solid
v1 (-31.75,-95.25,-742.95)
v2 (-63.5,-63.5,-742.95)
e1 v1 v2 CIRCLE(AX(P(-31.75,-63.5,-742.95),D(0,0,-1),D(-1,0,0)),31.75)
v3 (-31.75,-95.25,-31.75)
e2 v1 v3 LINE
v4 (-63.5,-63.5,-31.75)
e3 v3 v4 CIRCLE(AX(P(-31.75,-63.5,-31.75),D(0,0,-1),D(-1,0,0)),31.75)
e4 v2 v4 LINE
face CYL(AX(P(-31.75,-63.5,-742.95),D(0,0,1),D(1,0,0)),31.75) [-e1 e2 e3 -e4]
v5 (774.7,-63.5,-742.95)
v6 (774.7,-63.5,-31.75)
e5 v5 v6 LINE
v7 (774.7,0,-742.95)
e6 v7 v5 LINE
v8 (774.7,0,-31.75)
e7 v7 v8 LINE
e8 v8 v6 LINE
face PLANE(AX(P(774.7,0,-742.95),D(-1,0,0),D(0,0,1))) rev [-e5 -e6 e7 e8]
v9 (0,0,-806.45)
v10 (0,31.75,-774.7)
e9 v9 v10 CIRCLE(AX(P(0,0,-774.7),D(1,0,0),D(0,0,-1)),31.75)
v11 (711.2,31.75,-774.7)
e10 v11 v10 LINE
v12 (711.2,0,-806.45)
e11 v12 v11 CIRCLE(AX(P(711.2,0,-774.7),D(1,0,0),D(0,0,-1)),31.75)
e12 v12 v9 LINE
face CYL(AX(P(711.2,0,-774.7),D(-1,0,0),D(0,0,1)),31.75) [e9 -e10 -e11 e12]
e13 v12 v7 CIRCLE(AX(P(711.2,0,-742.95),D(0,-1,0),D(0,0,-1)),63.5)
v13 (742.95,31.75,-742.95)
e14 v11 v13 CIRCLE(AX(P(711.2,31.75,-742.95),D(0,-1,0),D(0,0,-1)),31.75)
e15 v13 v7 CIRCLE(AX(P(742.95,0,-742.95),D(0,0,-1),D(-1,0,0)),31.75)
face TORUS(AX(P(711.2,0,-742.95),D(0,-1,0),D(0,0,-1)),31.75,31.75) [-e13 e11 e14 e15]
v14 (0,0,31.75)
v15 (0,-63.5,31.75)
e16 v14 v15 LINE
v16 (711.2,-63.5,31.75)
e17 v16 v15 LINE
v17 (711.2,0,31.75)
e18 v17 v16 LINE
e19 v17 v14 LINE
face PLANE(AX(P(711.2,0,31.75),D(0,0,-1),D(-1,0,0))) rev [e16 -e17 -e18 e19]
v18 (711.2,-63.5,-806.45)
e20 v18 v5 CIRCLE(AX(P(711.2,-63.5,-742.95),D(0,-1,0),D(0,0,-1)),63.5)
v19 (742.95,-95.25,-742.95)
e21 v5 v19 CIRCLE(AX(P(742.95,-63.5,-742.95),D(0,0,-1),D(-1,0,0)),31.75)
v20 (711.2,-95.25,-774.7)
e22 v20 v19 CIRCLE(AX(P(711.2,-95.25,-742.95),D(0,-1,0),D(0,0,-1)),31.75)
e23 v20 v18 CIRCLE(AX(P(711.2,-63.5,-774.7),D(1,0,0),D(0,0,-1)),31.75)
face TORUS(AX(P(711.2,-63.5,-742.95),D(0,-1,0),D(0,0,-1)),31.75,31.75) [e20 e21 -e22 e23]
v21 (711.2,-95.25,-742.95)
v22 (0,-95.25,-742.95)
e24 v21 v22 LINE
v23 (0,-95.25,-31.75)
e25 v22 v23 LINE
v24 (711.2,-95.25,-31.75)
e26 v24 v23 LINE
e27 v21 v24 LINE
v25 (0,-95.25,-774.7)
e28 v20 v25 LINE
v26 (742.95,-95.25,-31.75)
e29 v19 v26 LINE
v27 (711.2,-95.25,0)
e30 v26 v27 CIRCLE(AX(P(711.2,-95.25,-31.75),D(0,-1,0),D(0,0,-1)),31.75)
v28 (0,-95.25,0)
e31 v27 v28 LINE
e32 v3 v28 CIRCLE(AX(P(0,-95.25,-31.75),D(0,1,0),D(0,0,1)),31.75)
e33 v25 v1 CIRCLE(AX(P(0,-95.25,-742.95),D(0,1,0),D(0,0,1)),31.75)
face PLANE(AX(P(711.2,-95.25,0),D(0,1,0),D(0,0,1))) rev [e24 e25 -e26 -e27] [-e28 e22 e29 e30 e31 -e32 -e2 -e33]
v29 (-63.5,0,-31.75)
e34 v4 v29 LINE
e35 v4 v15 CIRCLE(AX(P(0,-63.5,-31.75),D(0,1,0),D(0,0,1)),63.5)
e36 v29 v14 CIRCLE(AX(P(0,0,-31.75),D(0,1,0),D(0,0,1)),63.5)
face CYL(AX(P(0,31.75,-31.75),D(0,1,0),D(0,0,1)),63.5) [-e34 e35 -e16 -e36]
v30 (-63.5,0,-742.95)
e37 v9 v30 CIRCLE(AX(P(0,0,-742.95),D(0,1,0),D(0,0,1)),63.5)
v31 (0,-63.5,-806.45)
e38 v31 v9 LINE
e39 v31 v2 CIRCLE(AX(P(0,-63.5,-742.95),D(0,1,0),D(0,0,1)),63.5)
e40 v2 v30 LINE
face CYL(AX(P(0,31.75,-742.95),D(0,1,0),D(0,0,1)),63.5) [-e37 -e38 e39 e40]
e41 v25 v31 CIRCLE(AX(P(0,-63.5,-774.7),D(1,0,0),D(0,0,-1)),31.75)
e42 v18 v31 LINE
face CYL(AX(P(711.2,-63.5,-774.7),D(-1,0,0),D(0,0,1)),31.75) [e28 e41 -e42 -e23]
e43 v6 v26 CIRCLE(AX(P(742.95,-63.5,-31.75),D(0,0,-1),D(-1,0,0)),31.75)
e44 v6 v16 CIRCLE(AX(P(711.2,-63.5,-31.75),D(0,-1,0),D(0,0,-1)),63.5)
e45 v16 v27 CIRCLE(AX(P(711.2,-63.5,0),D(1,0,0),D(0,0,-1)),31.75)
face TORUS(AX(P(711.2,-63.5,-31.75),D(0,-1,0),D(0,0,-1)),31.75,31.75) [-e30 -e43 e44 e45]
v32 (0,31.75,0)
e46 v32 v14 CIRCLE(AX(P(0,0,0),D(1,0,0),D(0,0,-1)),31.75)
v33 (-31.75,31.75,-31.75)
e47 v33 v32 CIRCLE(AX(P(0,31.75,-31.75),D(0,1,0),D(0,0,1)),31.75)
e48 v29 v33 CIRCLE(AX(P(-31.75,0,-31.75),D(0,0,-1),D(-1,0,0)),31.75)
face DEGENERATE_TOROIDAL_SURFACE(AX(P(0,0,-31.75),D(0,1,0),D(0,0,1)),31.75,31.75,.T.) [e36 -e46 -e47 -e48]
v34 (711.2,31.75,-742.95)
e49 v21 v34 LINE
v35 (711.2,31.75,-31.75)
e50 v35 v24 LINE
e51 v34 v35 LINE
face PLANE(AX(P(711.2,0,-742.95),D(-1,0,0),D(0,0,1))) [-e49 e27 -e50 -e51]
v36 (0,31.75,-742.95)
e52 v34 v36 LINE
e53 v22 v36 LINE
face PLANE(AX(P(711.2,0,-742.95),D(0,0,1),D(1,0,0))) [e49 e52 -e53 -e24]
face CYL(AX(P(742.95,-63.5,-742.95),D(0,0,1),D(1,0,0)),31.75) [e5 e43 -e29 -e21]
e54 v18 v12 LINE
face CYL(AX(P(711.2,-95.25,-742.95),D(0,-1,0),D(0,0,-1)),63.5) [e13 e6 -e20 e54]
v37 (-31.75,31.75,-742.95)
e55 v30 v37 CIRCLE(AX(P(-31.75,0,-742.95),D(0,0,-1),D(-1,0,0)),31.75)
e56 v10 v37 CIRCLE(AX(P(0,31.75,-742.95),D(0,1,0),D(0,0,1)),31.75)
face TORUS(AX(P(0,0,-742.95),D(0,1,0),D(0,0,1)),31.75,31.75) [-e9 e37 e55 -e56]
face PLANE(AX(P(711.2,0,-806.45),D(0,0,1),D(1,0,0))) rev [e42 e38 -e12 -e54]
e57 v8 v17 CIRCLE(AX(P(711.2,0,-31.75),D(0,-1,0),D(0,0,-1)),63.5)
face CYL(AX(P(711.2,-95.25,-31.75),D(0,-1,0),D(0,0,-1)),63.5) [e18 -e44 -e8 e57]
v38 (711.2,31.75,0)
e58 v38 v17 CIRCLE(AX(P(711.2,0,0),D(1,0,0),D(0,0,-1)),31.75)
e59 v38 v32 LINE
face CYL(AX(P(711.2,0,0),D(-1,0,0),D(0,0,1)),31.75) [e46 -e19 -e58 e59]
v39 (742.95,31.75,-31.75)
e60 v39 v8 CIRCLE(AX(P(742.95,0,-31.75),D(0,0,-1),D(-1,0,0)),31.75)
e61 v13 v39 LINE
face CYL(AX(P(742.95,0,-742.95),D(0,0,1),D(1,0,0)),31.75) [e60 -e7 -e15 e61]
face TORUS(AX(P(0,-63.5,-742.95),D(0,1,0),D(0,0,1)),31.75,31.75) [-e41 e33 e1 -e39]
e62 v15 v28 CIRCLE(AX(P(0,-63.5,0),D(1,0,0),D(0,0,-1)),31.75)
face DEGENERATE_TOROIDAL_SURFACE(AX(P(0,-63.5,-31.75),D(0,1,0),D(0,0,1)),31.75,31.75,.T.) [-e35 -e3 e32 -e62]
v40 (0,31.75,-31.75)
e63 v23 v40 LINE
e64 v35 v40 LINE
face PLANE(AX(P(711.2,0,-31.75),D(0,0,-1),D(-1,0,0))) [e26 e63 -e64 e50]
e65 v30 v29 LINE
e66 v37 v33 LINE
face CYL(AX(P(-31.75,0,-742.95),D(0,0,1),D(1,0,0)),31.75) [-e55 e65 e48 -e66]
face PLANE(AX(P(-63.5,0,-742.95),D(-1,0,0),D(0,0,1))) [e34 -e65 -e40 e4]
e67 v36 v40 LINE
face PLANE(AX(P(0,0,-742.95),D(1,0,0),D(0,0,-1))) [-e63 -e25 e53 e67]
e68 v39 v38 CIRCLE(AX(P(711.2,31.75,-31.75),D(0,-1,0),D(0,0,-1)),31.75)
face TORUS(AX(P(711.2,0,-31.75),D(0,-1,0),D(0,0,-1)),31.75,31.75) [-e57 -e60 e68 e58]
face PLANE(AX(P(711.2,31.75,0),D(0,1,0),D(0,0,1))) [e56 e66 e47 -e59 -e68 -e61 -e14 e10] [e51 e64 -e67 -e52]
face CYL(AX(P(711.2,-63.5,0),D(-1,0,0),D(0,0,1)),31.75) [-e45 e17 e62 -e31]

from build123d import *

# Parameters (mm, degrees)
BOSS_EXTRUDE1_DEPTH = 711.2
REVOLVE13_ANGLE     = 90
REVOLVE12_ANGLE     = 90
BOSS_EXTRUDE3_DEPTH = 711.2
REVOLVE2_ANGLE      = 90
BOSS_EXTRUDE4_DEPTH = 711.2
REVOLVE10_ANGLE     = 90
BOSS_EXTRUDE5_DEPTH = 711.2


with BuildPart() as part:
    # Sketch1 → Boss-Extrude1 (new body)
    with BuildSketch(Plane(origin=(0, 0, 0), x_dir=(0, 0, -1), z_dir=(1, 0, 0))):
        with BuildLine():
            ThreePointArc((0, 31.75), (-22.450640303, 22.450640303), (-31.75, 0))
            Line((-31.75, 0), (-31.75, -63.5))
            ThreePointArc((-31.75, -63.5), (-22.450640303, -85.950640303), (0, -95.25))
            Line((0, -95.25), (31.75, -95.25))
            Line((31.75, -95.25), (31.75, 0))
            Line((31.75, 0), (31.75, 31.75))
            Line((31.75, 31.75), (0, 31.75))
        make_face()
    extrude(amount=BOSS_EXTRUDE1_DEPTH)



with BuildPart() as body_2:
    # Sketch8 → Revolve13 (revolve)
    with BuildSketch(Plane(origin=(711.2, 0, 0), x_dir=(0, 0, -1), z_dir=(1, 0, 0))):
        with BuildLine():
            Line((-31.75, 0), (-31.75, -63.5))
            ThreePointArc((-31.75, -63.5), (-22.450640303, -85.950640303), (0, -95.25))
            Line((0, -95.25), (31.75, -95.25))
            Line((31.75, -95.25), (31.75, 31.75))
            Line((31.75, 31.75), (0, 31.75))
            ThreePointArc((0, 31.75), (-22.450640303, 22.450640303), (-31.75, 0))
        make_face()
    revolve(axis=Axis((711.2, -95.25, -31.75), (0, 1, 0)), revolution_arc=REVOLVE13_ANGLE)


with BuildPart() as body_3:
    # Sketch15 → Revolve12 (revolve)
    with BuildSketch(Plane(origin=(0, 0, -31.75), x_dir=(0, 0, 1), z_dir=(-1, 0, 0))):
        with BuildLine():
            ThreePointArc((31.75, -95.25), (54.200640303, -85.950640303), (63.5, -63.5))
            Line((63.5, -63.5), (63.5, 0))
            ThreePointArc((63.5, 0), (54.200640303, 22.450640303), (31.75, 31.75))
            Line((31.75, 31.75), (0, 31.75))
            Line((0, 31.75), (0, -95.25))
            Line((0, -95.25), (31.75, -95.25))
        make_face()
    revolve(axis=Axis((0, 31.75, -31.75), (0, -1, 0)), revolution_arc=REVOLVE12_ANGLE)


with BuildPart() as part_1:
    add(part.part)

    add(body_2.part)  # Boss-Extrude3 merges body 2
    # Sketch7 → Boss-Extrude3 (add)
    with BuildSketch(Plane(origin=(0, 0, -31.75), x_dir=(-1, 0, 0), z_dir=(0, 0, -1))):
        with BuildLine():
            ThreePointArc((-742.95, 31.75), (-765.400640303, 22.450640303), (-774.7, 0))
            Line((-774.7, 0), (-774.7, -63.5))
            ThreePointArc((-774.7, -63.5), (-765.400640303, -85.950640303), (-742.95, -95.25))
            Line((-742.95, -95.25), (-711.2, -95.25))
            Line((-711.2, -95.25), (-711.2, 31.75))
            Line((-711.2, 31.75), (-742.95, 31.75))
        make_face()
    extrude(amount=BOSS_EXTRUDE3_DEPTH)

    # Sketch12 → Revolve2 (revolve)
    with BuildSketch(Plane(origin=(1454.15, 0, -742.95), x_dir=(-1, 0, 0), z_dir=(0, 0, -1))):
        with BuildLine():
            ThreePointArc((711.2, 31.75), (688.749359697, 22.450640303), (679.45, 0))
            Line((679.45, 0), (679.45, -63.5))
            ThreePointArc((679.45, -63.5), (688.749359697, -85.950640303), (711.2, -95.25))
            Line((711.2, -95.25), (742.95, -95.25))
            Line((742.95, -95.25), (742.95, 31.75))
            Line((742.95, 31.75), (711.2, 31.75))
        make_face()
    revolve(axis=Axis((711.2, -95.25, -742.95), (0, 1, 0)), revolution_arc=REVOLVE2_ANGLE)


    add(body_3.part)  # Boss-Extrude4 merges body 3
    # Sketch9 → Boss-Extrude4 (add)
    with BuildSketch(Plane(origin=(0, 0, -31.75), x_dir=(-1, 0, 0), z_dir=(0, 0, -1))):
        with BuildLine():
            Line((0, 31.75), (0, -95.25))
            Line((0, -95.25), (31.75, -95.25))
            ThreePointArc((31.75, -95.25), (54.200640303, -85.950640303), (63.5, -63.5))
            Line((63.5, -63.5), (63.5, 0))
            ThreePointArc((63.5, 0), (54.200640303, 22.450640303), (31.75, 31.75))
            Line((31.75, 31.75), (0, 31.75))
        make_face()
    extrude(amount=BOSS_EXTRUDE4_DEPTH)


with BuildPart() as body_2_2:
    # Sketch14 → Revolve10 (revolve)
    with BuildSketch(Plane(origin=(0, 0, -742.95), x_dir=(-1, 0, 0), z_dir=(0, 0, -1))):
        with BuildLine():
            Line((31.75, 31.75), (0, 31.75))
            Line((0, 31.75), (0, -95.25))
            Line((0, -95.25), (31.75, -95.25))
            ThreePointArc((31.75, -95.25), (54.200640303, -85.950640303), (63.5, -63.5))
            Line((63.5, -63.5), (63.5, 0))
            ThreePointArc((63.5, 0), (54.200640303, 22.450640303), (31.75, 31.75))
        make_face()
    revolve(axis=Axis((0, 31.75, -742.95), (0, -1, 0)), revolution_arc=REVOLVE10_ANGLE)


with BuildPart() as body_3_2:
    # Sketch10 → Boss-Extrude5 (new body)
    with BuildSketch(Plane(origin=(0, 0, 0), x_dir=(0, 0, -1), z_dir=(1, 0, 0))):
        with BuildLine():
            ThreePointArc((806.45, 0), (797.150640303, 22.450640303), (774.7, 31.75))
            Line((774.7, 31.75), (742.95, 31.75))
            Line((742.95, 31.75), (742.95, -95.25))
            Line((742.95, -95.25), (774.7, -95.25))
            ThreePointArc((774.7, -95.25), (797.150640303, -85.950640303), (806.45, -63.5))
            Line((806.45, -63.5), (806.45, 0))
        make_face()
    extrude(amount=BOSS_EXTRUDE5_DEPTH)


with BuildPart() as part_2:
    add(part_1.part)

    # Combine1: union body 3 2, body 2 2
    add(body_3_2.part)
    add(body_2_2.part)


solid = part_2.part
